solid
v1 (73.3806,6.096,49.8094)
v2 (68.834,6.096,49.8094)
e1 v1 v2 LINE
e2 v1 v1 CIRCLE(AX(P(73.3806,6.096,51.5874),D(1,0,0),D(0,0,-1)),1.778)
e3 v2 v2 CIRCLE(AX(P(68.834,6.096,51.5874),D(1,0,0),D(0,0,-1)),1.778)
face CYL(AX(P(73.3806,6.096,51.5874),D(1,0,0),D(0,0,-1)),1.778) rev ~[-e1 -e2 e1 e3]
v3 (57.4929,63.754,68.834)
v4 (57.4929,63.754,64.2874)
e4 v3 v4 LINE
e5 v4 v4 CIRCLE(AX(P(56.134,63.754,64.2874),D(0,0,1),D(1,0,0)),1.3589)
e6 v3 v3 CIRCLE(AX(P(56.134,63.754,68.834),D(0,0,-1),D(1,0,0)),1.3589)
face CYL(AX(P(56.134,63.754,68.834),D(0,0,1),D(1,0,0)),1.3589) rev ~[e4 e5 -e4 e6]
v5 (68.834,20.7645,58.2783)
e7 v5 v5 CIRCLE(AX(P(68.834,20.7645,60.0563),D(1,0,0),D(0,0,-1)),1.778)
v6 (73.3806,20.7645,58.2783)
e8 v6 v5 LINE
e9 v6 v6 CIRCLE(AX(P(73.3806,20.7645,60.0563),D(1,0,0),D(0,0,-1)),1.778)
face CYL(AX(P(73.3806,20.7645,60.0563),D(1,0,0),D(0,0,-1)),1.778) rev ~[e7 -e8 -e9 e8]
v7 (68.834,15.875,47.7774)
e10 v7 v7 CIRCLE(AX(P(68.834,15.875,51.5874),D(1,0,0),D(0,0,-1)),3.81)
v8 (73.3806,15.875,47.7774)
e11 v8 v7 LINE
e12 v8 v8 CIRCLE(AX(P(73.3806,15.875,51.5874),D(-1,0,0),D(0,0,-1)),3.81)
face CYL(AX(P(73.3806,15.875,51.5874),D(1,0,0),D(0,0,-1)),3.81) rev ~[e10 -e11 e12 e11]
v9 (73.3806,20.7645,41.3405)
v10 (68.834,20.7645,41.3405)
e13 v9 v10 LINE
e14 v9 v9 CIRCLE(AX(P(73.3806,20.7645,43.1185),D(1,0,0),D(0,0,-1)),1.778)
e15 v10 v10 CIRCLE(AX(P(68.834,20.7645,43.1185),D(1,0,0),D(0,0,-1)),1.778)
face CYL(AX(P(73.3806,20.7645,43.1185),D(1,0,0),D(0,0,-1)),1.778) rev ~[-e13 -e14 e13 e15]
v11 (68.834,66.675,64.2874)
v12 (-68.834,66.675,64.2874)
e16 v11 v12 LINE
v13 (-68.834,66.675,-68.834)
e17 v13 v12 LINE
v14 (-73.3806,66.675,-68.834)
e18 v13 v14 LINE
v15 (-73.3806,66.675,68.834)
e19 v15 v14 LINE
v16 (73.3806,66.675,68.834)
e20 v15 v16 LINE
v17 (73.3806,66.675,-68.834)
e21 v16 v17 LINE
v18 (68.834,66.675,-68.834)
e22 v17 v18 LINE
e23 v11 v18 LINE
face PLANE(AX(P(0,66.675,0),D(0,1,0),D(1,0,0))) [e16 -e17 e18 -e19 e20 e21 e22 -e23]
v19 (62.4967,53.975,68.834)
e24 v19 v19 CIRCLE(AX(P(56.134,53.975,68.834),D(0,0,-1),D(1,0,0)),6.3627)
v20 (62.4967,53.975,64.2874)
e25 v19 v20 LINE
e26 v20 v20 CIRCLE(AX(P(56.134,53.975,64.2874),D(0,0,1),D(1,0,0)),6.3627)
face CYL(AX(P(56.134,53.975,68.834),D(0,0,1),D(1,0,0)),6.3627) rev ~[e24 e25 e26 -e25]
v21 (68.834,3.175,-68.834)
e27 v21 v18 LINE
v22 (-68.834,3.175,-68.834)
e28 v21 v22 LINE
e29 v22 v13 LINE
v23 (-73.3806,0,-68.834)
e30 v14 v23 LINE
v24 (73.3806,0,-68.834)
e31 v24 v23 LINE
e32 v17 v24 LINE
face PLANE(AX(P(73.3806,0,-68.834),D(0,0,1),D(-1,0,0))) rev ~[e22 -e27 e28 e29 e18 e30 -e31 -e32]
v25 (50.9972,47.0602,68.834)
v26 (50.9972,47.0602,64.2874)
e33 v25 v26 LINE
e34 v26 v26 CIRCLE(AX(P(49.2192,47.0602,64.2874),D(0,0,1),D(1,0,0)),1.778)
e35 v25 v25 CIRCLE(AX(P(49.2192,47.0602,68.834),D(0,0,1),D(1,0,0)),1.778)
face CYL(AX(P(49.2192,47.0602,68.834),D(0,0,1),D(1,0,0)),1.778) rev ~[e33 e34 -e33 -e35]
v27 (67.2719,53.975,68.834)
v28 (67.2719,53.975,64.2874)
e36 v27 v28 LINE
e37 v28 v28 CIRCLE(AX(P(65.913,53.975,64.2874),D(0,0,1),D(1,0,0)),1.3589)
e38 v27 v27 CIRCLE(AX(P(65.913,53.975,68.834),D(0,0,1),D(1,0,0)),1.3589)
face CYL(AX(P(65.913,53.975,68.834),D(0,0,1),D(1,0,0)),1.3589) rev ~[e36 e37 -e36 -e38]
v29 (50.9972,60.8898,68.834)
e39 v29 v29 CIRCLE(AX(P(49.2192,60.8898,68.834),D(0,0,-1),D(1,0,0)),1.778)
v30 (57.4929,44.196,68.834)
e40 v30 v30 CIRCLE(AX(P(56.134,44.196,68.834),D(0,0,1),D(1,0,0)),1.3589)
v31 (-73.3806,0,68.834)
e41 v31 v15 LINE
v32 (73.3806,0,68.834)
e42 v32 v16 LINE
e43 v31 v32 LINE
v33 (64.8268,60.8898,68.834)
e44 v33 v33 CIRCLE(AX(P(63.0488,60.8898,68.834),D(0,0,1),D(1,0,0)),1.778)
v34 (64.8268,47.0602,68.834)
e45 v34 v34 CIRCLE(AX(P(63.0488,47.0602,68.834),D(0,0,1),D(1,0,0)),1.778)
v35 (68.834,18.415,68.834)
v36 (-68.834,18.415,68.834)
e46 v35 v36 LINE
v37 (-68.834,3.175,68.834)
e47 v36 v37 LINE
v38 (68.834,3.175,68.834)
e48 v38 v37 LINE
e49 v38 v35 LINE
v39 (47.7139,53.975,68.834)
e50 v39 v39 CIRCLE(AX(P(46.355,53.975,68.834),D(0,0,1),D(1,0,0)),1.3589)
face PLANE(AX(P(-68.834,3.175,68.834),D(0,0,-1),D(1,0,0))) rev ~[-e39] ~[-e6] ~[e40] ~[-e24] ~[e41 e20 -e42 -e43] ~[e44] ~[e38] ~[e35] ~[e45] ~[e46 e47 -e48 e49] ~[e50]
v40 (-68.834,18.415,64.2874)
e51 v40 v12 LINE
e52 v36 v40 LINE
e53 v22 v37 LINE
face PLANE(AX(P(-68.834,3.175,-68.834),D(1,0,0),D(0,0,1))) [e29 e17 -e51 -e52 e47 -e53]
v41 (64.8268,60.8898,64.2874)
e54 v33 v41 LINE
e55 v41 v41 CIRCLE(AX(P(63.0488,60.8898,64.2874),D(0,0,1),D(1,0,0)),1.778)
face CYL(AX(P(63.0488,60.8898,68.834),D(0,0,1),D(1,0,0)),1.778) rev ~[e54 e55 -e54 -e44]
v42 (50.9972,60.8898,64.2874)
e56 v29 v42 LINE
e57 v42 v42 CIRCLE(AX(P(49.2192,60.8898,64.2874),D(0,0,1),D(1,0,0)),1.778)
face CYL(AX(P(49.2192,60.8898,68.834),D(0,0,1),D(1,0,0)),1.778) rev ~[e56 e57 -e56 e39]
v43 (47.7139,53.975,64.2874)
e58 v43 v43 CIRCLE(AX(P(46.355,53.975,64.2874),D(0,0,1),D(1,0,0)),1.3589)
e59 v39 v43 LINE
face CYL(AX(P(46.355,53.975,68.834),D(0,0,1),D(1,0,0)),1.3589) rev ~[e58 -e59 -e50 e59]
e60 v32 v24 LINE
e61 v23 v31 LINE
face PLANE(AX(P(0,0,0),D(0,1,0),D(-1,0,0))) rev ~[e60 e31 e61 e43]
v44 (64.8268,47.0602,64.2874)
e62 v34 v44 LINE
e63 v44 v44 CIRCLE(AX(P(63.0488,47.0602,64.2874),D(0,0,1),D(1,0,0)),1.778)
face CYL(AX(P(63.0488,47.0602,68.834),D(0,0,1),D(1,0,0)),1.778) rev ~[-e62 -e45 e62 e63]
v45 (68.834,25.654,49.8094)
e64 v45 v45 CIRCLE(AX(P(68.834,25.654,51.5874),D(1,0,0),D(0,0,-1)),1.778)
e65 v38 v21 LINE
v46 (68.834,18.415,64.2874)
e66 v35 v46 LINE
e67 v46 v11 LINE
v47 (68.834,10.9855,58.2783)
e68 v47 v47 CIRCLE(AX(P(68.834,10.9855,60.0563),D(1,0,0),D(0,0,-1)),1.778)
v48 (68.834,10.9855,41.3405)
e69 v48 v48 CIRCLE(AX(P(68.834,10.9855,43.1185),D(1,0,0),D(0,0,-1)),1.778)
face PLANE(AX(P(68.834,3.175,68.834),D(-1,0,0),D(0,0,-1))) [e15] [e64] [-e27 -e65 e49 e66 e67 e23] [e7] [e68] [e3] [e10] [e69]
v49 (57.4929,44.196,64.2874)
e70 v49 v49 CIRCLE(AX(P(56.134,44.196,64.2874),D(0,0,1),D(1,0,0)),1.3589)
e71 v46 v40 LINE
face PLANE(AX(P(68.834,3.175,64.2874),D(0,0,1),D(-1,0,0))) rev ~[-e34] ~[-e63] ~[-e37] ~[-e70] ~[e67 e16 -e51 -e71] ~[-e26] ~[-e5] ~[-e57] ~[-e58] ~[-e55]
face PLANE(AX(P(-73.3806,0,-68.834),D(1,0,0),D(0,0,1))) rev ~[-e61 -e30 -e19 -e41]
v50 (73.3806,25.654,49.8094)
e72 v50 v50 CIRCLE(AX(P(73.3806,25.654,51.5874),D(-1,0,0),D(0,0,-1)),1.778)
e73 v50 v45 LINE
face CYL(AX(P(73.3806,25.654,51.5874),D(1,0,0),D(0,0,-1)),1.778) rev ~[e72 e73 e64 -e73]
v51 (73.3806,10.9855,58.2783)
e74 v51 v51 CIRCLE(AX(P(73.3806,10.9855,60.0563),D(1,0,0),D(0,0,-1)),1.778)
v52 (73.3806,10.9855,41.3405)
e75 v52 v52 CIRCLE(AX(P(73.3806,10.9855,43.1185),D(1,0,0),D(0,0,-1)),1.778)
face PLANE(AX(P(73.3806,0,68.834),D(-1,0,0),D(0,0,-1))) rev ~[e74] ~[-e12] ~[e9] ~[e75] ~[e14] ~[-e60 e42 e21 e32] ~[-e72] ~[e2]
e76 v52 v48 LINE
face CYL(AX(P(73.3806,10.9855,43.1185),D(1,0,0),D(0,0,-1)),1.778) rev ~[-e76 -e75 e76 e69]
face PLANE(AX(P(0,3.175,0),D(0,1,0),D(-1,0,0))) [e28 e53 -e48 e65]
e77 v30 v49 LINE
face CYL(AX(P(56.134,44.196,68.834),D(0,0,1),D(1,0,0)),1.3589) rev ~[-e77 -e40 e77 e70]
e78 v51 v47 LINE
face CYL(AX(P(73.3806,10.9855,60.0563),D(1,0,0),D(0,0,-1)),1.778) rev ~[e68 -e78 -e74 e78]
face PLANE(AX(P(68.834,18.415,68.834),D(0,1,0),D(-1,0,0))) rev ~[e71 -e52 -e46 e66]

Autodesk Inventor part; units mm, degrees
ref_plane "YZ Plane" through (0, 0, 0) normal (1, 0, 0) x (0, 1, 0)
ref_plane "XZ Plane" through (0, 0, 0) normal (0, 1, 0) x (-1, 0, 0)
ref_plane "XY Plane" through (0, 0, 0) normal (0, 0, 1) x (1, 0, 0)
sketch "Sketch1" plane through (0, 0, 0) normal (0, 1, 0) x (-1, 0, 0)
  line L0 (73.3806, 68.834) -> (-73.3806, 68.834)
  line L1 (-73.3806, 68.834) -> (-73.3806, -68.834)
  line L2 (-73.3806, -68.834) -> (73.3806, -68.834)
  line L3 (73.3806, -68.834) -> (73.3806, 68.834)
  line L4 (73.3806, 68.834) -> (-73.3806, -68.834) construction
  line L5 (-73.3806, 68.834) -> (73.3806, -68.834) construction
  point P0 (0, 0)
  dimension "d0" = 146.7612
  dimension "d1" = 137.668
extrude "Extrusion1" add sketch "Sketch1" along normal blind 3.175
sketch "Sketch2" plane through (0, 3.175, 0) normal (0, 1, 0) x (1, 0, 0)
  line L0 (73.3806, 68.834) -> (-73.3806, 68.834) projected
  line L1 (-68.834, -68.834) -> (68.834, -68.834)
  line L2 (68.834, -68.834) -> (68.834, 68.834)
  line L3 (68.834, 68.834) -> (-68.834, 68.834)
  line L4 (-68.834, 68.834) -> (-68.834, -68.834)
  line L5 (-68.834, -68.834) -> (68.834, 68.834) construction
  line L6 (68.834, -68.834) -> (-68.834, 68.834) construction
  line L7 (73.3806, -68.834) -> (73.3806, 68.834) projected
  line L8 (73.3806, 68.834) -> (68.834, 68.834)
  line L9 (68.834, 68.834) -> (68.834, -68.834)
  line L10 (68.834, -68.834) -> (73.3806, -68.834)
  line L11 (73.3806, -68.834) -> (73.3806, 68.834)
  line L12 (-73.3806, 68.834) -> (-68.834, 68.834)
  line L13 (-68.834, 68.834) -> (-68.834, -68.834)
  line L14 (-68.834, -68.834) -> (-73.3806, -68.834)
  line L15 (-73.3806, -68.834) -> (-73.3806, 68.834)
  point P0 (0, 0)
  dimension "d4" = 137.668
extrude "Extrusion2" add sketch "Sketch2" along normal blind 63.5 contours L7 L10 L2 L0 | L4 L14 L15 L0
sketch "Sketch3" plane through (0, 3.175, 0) normal (0, 1, 0) x (1, 0, 0)
  line L0 (-68.834, -68.834) -> (68.834, -68.834) projected
  line L1 (68.834, 68.834) -> (68.834, -68.834) projected
  line L2 (-68.834, -68.834) -> (68.834, -68.834)
  line L3 (68.834, -68.834) -> (68.834, -64.2874)
  line L4 (68.834, -64.2874) -> (-68.834, -64.2874)
  line L5 (-68.834, -64.2874) -> (-68.834, -68.834)
  point P0 (0, 0)
  dimension "d7" = 4.5466
extrude "Extrusion3" add sketch "Sketch3" along normal blind 63.5
sketch "Sketch4" plane through (-73.3806, 0, 68.834) normal (0, 0, 1) x (1, 0, 0)
  line L0 (142.2146, 3.175) -> (4.5466, 3.175) projected
  line L1 (142.2146, 3.175) -> (142.2146, 66.675) projected
  line L2 (4.5466, 3.175) -> (142.2146, 3.175)
  line L3 (142.2146, 3.175) -> (142.2146, 18.415)
  line L4 (142.2146, 18.415) -> (4.5466, 18.415)
  line L5 (4.5466, 18.415) -> (4.5466, 3.175)
  point P0 (73.3806, 0)
  dimension "d10" = 15.24
extrude "Extrusion4" cut sketch "Sketch4" against normal blind 25.4
sketch "Sketch5" plane through (73.3806, 0, 68.834) normal (1, 0, 0) x (0, 0, -1)
  line L0 (4.5466, 66.675) -> (4.5466, 18.415) projected
  line L1 (4.5466, 20.7271) -> (4.5466, 3.175)
  line L2 (0, 3.175) -> (137.668, 3.175) projected
  line L3 (4.5466, 3.175) -> (29.9466, 3.175)
  line L4 (29.9466, 3.175) -> (29.9466, 28.575)
  line L5 (29.9466, 28.575) -> (4.5466, 28.575)
  line L6 (4.5466, 28.575) -> (4.5466, 3.175)
  circle A0 centre (17.2466, 15.875) radius 12.7
  circle A1 centre (17.2466, 15.875) radius 3.81
  line L7 (17.2466, 15.875) -> (17.2466, 25.654)
  circle A2 centre (17.2466, 25.654) radius 1.778
  circle A3 centre (8.7777, 20.7645) radius 1.778
  circle A4 centre (8.7777, 10.9855) radius 1.778
  circle A5 centre (17.2466, 6.096) radius 1.778
  circle A6 centre (25.7155, 10.9855) radius 1.778
  circle A7 centre (25.7155, 20.7645) radius 1.778
  point P0 (68.834, 0)
  dimension "d13" = 25.4
  dimension "d14" = 25.4
  dimension "d15" = 25.4
  dimension "d16" = 7.62
  dimension "d17" = 9.779
  dimension "d18" = 3.556
  dimension "d21" = 360
extrude "Extrusion5" cut sketch "Sketch5" against normal blind 25.4 contours A1 | A2 | A3 | A4 | A5 | A6 | A7
sketch "Sketch6" plane through (-73.3806, 0, 68.834) normal (0, 0, 1) x (1, 0, 0)
  line L0 (142.2146, 18.415) -> (142.2146, 66.675) projected
  line L1 (142.2146, 66.675) -> (116.8146, 66.675)
  line L2 (116.8146, 66.675) -> (116.8146, 41.275)
  line L3 (116.8146, 41.275) -> (142.2146, 41.275)
  line L4 (142.2146, 41.275) -> (142.2146, 66.675)
  circle A0 centre (129.5146, 53.975) radius 6.3627
  line L5 (129.5146, 53.975) -> (129.5146, 63.754)
  circle A1 centre (129.5146, 63.754) radius 1.3589
  circle A2 centre (119.7356, 53.975) radius 1.3589
  circle A3 centre (129.5146, 44.196) radius 1.3589
  circle A4 centre (139.2936, 53.975) radius 1.3589
  line L6 (129.5146, 53.975) -> (116.8146, 66.675)
  line L7 (129.5146, 53.975) -> (122.5998, 60.8898)
  circle A5 centre (122.5998, 60.8898) radius 1.778
  circle A6 centre (122.5998, 47.0602) radius 1.778
  circle A7 centre (136.4294, 47.0602) radius 1.778
  circle A8 centre (136.4294, 60.8898) radius 1.778
  point P0 (73.3806, 0)
  dimension "d25" = 25.4
  dimension "d26" = 25.4
  dimension "d27" = 12.7254
  dimension "d28" = 9.779
  dimension "d29" = 2.7178
  dimension "d32" = 360
  dimension "d34" = 9.779
  dimension "d35" = 3.556
  dimension "d38" = 360
extrude "Extrusion6" cut sketch "Sketch6" against normal blind 25.4 contours A1 | A0 L5 L6 | L6 L5 A0 | A5 L6 | L6 A5 | A2 | A3 | A4 | A6 | A7 | A8
properties part number "Box"
